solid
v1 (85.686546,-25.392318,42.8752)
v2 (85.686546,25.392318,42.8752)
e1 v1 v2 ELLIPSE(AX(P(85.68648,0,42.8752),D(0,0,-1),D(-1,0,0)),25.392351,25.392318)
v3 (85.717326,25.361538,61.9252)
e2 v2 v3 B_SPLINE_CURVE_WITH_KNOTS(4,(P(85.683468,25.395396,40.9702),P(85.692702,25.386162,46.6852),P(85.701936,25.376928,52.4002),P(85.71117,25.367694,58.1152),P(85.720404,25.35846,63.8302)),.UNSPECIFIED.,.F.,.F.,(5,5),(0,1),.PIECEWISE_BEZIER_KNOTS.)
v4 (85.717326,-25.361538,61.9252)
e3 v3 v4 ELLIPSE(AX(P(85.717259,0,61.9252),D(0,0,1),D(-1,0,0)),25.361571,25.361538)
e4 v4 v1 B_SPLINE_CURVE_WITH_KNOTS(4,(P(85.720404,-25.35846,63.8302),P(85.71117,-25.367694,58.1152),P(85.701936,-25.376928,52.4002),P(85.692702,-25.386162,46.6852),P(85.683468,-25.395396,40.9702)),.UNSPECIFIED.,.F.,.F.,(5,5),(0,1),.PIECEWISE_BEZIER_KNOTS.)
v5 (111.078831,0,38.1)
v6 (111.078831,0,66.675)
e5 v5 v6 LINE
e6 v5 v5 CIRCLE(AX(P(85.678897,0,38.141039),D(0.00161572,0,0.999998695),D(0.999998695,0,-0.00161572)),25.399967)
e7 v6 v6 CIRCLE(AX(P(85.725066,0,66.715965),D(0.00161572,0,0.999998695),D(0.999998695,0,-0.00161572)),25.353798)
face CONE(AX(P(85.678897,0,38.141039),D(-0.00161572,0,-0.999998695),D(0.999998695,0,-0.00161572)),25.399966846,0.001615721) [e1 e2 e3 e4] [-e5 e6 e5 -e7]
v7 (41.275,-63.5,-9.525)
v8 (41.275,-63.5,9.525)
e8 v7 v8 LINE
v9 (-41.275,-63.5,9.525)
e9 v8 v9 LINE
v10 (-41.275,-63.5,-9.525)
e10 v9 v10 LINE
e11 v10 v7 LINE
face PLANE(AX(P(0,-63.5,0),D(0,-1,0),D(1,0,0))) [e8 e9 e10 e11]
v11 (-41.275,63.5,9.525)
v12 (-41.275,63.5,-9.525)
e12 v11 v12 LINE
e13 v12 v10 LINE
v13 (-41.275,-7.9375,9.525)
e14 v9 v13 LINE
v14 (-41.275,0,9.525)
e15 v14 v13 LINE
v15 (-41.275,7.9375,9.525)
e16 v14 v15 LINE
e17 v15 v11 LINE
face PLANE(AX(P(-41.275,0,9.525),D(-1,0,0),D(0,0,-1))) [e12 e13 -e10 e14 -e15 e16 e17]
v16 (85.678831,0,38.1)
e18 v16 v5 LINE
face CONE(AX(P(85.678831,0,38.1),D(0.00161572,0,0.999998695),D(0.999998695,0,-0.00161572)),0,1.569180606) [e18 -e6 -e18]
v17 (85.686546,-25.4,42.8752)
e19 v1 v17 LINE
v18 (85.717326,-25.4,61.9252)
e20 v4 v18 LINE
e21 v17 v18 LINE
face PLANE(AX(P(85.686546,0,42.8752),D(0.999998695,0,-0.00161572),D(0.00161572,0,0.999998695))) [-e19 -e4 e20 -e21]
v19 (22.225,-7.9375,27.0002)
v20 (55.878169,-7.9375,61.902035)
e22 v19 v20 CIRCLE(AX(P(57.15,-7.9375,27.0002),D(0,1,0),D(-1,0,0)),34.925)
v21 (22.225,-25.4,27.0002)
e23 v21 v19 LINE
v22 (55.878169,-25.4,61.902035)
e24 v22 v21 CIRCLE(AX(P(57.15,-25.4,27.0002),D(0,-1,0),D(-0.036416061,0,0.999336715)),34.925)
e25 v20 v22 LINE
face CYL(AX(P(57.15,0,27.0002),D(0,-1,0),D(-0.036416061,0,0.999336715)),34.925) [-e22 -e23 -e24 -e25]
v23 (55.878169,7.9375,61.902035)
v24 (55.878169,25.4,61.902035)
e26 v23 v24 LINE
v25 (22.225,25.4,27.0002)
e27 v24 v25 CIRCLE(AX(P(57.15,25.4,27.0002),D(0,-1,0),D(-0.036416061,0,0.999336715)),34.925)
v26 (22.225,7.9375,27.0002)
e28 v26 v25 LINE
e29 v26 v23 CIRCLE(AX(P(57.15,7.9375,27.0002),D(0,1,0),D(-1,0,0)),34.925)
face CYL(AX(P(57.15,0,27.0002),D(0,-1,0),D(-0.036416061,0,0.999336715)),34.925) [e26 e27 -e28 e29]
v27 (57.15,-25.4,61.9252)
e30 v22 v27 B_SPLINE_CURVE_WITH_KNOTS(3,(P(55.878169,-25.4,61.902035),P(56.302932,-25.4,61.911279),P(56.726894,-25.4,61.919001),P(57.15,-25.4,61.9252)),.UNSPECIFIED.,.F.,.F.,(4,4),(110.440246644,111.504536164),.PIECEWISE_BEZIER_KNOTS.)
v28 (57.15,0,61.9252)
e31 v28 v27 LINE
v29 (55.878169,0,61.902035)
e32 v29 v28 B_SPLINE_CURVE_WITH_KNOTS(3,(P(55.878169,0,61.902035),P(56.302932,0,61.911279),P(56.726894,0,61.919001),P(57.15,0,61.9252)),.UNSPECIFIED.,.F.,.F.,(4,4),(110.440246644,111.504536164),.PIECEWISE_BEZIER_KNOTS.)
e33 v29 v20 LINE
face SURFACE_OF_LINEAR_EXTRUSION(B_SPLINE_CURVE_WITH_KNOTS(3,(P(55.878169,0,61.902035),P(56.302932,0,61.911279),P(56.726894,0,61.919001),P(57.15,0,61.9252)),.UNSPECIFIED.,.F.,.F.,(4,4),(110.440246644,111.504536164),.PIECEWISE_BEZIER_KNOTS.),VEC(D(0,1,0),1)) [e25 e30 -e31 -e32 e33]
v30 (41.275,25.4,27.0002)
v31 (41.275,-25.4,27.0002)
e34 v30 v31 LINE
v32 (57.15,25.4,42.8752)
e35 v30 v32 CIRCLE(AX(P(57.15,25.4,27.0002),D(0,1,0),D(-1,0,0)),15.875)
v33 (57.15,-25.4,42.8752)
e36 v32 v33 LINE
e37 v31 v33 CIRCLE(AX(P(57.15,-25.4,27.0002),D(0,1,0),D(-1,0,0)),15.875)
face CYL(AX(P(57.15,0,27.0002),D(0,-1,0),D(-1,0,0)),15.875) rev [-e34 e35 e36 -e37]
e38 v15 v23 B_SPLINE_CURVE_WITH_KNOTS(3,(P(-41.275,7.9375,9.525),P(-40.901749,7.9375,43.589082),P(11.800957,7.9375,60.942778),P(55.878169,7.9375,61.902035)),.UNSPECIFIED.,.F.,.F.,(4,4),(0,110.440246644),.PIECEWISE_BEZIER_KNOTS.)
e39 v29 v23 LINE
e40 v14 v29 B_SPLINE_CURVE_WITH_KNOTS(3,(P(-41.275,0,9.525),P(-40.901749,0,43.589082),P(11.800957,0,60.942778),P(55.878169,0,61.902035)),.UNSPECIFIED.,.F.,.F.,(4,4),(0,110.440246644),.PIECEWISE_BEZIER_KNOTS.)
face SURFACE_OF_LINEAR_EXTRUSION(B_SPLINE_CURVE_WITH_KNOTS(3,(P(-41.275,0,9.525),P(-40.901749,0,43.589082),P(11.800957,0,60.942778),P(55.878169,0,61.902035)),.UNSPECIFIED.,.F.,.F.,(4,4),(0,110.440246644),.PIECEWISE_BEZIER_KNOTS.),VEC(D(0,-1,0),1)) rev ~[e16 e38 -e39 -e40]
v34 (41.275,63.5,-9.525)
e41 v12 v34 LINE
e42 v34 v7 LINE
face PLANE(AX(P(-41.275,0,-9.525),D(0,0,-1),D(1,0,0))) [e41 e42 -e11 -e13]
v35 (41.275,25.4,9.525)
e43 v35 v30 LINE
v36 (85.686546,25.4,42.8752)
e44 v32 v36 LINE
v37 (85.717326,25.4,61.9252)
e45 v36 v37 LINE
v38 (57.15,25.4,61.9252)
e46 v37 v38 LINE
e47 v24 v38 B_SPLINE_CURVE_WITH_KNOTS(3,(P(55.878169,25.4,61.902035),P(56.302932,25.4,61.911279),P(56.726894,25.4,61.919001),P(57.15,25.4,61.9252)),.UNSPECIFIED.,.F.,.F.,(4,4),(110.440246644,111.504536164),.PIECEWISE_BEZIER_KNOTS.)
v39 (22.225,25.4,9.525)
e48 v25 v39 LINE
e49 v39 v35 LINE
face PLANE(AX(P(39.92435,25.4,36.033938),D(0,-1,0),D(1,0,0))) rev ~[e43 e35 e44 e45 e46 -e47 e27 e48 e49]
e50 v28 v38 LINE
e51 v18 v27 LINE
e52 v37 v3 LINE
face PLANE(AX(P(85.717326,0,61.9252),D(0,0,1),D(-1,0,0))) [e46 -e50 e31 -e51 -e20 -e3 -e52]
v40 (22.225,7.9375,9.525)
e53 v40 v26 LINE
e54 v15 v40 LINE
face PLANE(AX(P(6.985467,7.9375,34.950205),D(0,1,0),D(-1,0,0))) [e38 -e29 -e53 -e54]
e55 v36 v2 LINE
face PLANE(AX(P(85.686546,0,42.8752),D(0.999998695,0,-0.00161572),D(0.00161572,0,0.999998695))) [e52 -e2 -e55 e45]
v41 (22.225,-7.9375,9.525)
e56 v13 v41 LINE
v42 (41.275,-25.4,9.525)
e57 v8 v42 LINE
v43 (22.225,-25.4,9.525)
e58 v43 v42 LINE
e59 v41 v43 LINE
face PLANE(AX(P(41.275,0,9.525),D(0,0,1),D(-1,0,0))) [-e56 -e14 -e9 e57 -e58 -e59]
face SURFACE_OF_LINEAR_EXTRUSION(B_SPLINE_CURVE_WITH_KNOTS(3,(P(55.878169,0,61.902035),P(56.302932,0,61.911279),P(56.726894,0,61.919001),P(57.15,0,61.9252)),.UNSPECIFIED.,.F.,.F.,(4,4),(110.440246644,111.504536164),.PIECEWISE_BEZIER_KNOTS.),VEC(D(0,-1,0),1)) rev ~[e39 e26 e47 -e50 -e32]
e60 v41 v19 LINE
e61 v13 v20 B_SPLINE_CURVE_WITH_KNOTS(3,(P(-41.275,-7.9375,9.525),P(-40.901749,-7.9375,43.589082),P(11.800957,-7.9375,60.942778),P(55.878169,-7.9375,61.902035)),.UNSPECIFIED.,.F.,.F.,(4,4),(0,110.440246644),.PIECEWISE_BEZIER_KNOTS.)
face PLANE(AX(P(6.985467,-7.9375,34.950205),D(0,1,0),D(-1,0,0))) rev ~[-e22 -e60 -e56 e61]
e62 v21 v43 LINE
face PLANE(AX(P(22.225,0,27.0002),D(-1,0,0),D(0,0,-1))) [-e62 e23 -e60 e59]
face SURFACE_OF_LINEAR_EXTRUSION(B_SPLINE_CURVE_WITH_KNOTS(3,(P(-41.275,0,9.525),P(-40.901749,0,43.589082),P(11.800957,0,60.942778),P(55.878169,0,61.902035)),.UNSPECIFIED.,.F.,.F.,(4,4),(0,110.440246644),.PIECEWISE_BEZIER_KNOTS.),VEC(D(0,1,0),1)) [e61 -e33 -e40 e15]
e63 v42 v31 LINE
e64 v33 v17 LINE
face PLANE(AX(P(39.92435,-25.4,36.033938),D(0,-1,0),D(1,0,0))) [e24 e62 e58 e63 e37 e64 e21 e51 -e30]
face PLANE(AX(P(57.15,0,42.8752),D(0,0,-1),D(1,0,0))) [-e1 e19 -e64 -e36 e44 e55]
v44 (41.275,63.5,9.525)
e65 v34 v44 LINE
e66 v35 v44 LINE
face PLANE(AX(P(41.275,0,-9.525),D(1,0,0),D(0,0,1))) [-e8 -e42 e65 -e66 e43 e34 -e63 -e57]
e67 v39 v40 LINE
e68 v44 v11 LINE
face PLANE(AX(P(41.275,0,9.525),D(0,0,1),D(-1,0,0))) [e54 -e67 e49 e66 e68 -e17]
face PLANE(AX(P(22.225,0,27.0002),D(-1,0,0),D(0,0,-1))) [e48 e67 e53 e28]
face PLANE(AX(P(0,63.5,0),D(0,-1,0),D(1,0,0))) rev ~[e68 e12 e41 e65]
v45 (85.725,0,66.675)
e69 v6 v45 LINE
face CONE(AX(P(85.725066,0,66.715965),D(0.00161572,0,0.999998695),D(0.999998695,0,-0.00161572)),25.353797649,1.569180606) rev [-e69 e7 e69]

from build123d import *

# Parameters (mm, degrees)
F1_DEPTH = 63.5
F2_DEPTH = 25.4
F3_DEPTH = 7.9375


with BuildPart() as f1:
    # F0 (on Front) → F1 (new body, symmetric)
    with BuildSketch(Plane.XZ):
        Polygon((22.225, 9.525), (-41.275, 9.525), (-41.275, -9.525), (41.275, -9.525), (41.275, 9.525), align=None)
    extrude(amount=F1_DEPTH, both=True)

    # F0 (on Front) → F2 (join, symmetric)
    with BuildSketch(Plane.XZ):
        with BuildLine():
            Line((22.225, 27.0002), (22.225, 9.525))
            Line((22.225, 9.525), (41.275, 9.525))
            Line((41.275, 9.525), (41.275, 27.0002))
            ThreePointArc((41.275, 27.0002), (45.9246798487, 38.2255201513), (57.15, 42.8752))
            Line((57.15, 42.8752), (60.2788307428, 42.8752))
            Line((60.2788307428, 42.8752), (60.2788307428, 61.9252))
            Line((60.2788307428, 61.9252), (57.15, 61.9252))
            add(Edge.make_bspline(
                [(55.8781690604, 61.9020347807), (56.3029319207, 61.9112789405), (56.7268937511, 61.919000586), (57.15, 61.9252)],
                knots=[110.4402466435, 110.4402466435, 110.4402466435, 110.4402466435, 111.5045361635, 111.5045361635, 111.5045361635, 111.5045361635], degree=3))
            ThreePointArc((55.8781690604, 61.9020347807), (32.0086563549, 51.2420741998), (22.225, 27.0002))
        make_face()
        Polygon((85.7173256435, 61.9252), (60.2788307428, 61.9252), (60.2788307428, 42.8752), (85.6865461387, 42.8752), align=None)
    extrude(amount=F2_DEPTH, both=True)

    # F0 (on Front) → F3 (join, symmetric)
    with BuildSketch(Plane.XZ):
        with BuildLine():
            add(Edge.make_bspline(
                [(-41.275, 9.525), (-40.9017486409, 43.5890820487), (11.8009568178, 60.94277767), (55.8781690604, 61.9020347807)],
                knots=[0, 0, 0, 0, 110.4402466435, 110.4402466435, 110.4402466435, 110.4402466435], degree=3))
            Line((-41.275, 9.525), (22.225, 9.525))
            Line((22.225, 9.525), (22.225, 27.0002))
            ThreePointArc((22.225, 27.0002), (32.0086563549, 51.2420741998), (55.8781690604, 61.9020347807))
        make_face()
    extrude(amount=F3_DEPTH, both=True)

    # F0 (on Front) → F4 (revolve)
    with BuildSketch(Plane.XZ):
        Polygon((85.725, 66.675), (85.7173256435, 61.9252), (85.6865461387, 42.8752), (85.6788307428, 38.1), (111.0788307428, 38.1), (111.0788307428, 66.675), align=None)
    revolve(axis=Axis((85.7019153714, 0, 52.3875), (0.0016157199, 0, 0.9999986947)))


solid = f1.part
